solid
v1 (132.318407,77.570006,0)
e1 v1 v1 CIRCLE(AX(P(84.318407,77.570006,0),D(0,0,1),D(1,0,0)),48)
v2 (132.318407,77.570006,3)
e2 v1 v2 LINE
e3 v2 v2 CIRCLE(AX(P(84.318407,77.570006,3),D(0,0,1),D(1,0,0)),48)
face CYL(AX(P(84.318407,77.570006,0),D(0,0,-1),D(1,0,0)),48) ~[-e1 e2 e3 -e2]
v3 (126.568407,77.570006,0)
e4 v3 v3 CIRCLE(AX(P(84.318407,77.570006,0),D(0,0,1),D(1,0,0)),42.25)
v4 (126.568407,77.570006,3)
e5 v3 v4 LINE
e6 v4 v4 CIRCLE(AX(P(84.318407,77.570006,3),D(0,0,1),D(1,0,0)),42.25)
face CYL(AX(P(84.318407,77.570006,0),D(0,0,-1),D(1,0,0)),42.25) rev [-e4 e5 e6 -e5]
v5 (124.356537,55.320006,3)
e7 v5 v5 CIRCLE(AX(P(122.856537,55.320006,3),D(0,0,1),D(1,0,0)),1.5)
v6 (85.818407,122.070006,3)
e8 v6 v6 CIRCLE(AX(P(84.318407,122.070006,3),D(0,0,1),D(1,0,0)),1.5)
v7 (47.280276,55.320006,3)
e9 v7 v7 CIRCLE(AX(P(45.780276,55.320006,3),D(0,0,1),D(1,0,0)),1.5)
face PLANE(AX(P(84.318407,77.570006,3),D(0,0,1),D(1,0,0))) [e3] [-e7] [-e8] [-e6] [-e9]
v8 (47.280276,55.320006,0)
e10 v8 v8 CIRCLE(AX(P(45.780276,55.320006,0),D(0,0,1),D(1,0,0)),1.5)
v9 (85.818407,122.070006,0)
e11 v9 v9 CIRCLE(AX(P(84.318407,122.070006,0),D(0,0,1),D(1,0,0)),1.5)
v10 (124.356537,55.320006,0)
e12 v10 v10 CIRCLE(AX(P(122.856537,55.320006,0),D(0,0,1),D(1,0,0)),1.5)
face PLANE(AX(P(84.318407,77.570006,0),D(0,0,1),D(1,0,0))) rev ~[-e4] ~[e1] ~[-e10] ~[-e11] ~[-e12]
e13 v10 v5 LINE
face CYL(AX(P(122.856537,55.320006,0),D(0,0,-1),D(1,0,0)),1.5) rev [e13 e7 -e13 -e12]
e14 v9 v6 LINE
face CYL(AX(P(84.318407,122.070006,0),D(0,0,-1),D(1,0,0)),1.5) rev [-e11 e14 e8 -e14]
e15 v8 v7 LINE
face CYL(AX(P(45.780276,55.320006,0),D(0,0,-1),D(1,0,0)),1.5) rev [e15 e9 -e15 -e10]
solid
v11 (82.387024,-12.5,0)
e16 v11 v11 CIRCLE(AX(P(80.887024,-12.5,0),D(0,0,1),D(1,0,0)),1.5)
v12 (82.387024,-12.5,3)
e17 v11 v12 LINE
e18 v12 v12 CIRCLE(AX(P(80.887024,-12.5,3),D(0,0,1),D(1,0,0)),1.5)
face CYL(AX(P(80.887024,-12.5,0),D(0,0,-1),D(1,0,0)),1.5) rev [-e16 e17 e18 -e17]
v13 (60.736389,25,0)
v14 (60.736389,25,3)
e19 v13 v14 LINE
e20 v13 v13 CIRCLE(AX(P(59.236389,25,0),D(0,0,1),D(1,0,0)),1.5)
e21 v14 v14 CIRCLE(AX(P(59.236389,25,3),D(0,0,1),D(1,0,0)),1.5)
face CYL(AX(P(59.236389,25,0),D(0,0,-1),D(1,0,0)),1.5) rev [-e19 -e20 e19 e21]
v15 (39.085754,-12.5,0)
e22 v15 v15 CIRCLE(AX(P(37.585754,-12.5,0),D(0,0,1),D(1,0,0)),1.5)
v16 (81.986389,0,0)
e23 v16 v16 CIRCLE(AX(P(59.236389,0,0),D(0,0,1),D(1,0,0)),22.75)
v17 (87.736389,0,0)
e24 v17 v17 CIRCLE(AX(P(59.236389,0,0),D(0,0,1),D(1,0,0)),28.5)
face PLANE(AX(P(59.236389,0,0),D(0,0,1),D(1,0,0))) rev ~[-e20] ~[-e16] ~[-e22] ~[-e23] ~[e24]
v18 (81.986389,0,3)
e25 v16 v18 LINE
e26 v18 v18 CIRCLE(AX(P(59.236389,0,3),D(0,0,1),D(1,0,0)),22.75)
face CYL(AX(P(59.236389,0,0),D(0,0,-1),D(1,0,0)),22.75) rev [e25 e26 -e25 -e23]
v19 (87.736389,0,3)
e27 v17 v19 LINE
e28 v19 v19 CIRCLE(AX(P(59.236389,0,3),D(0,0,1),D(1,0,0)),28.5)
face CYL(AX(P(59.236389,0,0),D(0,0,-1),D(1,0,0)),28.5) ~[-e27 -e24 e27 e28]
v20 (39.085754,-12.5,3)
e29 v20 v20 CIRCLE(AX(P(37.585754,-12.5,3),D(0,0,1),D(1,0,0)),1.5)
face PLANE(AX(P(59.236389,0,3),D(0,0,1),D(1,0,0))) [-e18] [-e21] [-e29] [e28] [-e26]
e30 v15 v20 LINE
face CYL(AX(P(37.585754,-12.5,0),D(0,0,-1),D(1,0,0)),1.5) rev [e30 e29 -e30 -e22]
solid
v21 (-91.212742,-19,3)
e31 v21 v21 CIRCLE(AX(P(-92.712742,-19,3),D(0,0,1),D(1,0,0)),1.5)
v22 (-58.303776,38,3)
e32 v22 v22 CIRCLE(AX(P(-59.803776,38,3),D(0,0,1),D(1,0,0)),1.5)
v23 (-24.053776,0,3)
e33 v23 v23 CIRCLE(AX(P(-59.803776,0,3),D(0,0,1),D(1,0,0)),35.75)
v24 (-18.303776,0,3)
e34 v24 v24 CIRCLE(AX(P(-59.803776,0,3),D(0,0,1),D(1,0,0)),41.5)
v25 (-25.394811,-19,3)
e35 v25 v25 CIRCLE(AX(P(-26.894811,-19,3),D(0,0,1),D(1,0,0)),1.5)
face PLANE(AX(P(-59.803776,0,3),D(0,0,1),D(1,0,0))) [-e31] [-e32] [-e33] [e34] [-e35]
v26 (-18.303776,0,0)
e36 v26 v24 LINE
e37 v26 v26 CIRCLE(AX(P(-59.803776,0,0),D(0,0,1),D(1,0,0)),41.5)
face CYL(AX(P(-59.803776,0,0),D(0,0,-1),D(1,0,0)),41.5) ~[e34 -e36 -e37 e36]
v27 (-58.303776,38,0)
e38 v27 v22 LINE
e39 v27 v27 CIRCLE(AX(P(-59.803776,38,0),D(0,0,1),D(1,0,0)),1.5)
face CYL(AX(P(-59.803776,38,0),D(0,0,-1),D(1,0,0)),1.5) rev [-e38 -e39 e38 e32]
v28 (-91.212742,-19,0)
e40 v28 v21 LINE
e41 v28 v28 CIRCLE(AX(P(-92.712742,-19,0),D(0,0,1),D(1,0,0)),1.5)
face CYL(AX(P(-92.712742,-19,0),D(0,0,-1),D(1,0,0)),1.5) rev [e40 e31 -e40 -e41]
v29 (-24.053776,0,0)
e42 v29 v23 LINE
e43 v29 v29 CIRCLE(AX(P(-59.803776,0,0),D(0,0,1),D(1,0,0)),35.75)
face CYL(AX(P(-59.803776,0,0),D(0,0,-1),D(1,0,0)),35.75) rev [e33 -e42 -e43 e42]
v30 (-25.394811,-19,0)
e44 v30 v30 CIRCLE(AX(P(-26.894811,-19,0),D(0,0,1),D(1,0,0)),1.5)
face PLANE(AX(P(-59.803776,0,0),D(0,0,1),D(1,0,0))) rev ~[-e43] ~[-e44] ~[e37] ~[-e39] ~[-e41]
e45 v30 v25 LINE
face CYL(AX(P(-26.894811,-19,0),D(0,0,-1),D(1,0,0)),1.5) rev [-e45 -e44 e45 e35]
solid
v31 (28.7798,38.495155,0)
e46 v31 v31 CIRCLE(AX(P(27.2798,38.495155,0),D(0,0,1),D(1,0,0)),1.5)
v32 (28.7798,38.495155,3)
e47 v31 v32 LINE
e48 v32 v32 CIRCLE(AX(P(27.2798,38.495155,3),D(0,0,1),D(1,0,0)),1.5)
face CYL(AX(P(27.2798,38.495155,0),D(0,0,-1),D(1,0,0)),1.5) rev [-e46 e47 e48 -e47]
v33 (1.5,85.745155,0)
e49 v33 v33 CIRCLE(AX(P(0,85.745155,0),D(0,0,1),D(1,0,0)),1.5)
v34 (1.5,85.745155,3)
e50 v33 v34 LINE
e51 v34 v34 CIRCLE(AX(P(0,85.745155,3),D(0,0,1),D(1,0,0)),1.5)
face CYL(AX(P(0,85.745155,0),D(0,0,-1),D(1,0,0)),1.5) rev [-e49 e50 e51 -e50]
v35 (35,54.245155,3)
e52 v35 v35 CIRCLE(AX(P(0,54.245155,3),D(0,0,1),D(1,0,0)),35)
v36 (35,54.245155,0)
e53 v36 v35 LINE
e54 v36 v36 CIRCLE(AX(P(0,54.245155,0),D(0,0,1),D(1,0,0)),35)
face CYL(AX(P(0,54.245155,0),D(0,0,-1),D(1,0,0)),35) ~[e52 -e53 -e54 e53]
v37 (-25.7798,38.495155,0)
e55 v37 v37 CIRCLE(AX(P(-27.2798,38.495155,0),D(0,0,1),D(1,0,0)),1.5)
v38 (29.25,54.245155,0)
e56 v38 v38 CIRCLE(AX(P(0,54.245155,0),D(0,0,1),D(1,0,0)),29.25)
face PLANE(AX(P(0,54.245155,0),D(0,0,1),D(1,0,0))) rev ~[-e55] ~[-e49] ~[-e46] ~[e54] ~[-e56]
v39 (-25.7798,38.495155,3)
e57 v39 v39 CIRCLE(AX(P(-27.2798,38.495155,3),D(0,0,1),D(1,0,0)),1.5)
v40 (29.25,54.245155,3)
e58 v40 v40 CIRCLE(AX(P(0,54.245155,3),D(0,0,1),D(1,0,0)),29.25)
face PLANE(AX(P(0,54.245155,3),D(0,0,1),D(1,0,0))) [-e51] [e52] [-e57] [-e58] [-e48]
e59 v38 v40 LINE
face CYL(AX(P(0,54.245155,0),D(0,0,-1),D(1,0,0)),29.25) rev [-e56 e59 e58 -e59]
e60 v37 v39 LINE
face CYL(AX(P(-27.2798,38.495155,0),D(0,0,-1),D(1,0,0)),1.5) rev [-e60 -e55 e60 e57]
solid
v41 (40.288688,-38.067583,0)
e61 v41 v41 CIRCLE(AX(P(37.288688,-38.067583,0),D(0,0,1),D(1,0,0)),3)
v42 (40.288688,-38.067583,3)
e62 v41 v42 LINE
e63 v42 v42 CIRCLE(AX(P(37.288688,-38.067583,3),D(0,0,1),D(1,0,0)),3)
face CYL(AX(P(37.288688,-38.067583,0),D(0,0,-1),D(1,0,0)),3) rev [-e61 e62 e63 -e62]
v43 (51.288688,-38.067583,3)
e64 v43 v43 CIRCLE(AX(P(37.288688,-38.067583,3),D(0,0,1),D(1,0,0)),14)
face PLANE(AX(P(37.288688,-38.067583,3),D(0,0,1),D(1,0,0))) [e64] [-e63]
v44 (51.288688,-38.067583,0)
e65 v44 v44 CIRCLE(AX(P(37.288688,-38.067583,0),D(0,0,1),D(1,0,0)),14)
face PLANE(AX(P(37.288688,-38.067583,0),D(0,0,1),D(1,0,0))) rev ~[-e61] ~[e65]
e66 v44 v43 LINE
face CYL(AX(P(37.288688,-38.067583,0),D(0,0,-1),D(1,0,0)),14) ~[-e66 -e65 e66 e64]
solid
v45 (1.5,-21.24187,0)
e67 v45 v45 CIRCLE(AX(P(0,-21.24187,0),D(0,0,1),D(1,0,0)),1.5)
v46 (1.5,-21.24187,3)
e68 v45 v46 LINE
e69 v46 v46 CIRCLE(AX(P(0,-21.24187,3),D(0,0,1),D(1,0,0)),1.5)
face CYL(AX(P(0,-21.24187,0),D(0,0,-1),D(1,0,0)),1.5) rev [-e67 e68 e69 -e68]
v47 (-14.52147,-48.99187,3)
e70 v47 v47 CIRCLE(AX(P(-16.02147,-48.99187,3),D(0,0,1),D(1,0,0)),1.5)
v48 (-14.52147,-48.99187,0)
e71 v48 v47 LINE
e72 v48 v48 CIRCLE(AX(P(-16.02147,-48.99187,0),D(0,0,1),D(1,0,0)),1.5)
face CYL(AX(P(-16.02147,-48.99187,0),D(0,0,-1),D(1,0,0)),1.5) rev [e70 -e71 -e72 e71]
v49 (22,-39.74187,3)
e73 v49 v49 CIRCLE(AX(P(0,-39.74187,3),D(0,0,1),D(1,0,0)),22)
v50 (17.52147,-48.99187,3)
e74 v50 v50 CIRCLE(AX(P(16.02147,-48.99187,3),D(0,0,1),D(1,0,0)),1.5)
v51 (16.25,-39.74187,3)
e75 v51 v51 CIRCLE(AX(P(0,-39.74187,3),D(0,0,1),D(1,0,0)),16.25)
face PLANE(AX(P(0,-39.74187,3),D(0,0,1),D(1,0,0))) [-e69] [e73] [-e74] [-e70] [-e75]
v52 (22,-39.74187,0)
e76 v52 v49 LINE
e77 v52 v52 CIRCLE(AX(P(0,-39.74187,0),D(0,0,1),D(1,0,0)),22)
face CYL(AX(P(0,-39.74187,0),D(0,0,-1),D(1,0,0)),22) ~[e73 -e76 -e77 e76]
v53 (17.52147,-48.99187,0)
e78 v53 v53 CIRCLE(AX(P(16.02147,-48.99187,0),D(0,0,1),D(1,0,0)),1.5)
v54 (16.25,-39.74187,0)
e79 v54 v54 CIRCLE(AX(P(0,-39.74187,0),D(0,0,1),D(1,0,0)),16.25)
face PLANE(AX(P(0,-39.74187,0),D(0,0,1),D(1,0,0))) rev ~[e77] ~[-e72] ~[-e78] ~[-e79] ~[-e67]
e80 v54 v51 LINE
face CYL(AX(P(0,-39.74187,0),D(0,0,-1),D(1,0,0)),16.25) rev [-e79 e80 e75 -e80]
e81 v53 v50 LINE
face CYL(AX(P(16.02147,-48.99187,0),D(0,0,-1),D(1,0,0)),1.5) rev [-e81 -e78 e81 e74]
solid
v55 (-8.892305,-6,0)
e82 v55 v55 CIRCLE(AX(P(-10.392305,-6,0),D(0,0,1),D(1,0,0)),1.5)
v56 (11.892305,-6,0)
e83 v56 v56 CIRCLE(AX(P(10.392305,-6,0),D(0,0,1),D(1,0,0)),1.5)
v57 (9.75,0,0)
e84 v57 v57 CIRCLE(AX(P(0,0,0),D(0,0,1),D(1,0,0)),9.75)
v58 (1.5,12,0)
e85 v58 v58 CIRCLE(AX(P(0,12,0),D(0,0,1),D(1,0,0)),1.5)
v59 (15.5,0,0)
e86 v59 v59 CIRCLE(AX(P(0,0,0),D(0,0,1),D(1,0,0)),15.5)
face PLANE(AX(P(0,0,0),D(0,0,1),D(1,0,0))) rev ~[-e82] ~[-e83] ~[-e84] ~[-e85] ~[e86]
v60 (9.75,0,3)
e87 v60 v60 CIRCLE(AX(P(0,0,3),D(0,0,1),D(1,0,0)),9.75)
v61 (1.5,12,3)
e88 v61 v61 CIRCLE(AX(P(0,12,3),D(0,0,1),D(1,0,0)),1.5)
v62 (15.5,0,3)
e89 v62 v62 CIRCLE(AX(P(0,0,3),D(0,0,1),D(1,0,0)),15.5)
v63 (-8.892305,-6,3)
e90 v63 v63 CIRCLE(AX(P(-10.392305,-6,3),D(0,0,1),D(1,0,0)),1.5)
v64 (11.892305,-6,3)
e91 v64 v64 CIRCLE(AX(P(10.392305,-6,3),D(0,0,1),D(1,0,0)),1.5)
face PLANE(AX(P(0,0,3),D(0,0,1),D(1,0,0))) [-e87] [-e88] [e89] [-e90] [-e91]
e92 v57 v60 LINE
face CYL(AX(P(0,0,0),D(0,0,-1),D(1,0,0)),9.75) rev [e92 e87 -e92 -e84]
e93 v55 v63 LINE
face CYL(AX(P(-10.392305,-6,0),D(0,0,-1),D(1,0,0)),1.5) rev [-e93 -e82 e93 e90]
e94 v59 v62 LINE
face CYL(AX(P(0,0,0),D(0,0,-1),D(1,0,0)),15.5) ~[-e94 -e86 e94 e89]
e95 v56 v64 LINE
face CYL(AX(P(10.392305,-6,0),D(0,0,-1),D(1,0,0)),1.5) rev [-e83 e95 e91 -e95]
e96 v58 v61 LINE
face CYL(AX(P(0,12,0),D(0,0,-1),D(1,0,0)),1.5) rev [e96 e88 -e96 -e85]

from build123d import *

# Parameters (mm, degrees)
F0_R     = 14
F0_R_2   = 3
F0_R_3   = 22
F0_R_4   = 1.5
F0_R_5   = 16.25
F0_R_6   = 41.5
F0_R_7   = 35.75
F0_R_8   = 15.5
F0_R_9   = 9.75
F0_R_10  = 28.5
F0_R_11  = 22.75
F0_R_12  = 35
F0_R_13  = 29.25
F0_R_14  = 48
F0_R_15  = 42.25
F1_DEPTH = 3


with BuildPart() as f1:
    # F0 (on Top) → F1 (new body)
    with BuildSketch(Plane.XY):
        with Locations((37.288688, -38.067583)):
            Circle(F0_R)
        with Locations((37.288688, -38.067583)):
            Circle(F0_R_2, mode=Mode.SUBTRACT)
        with Locations((0, -39.74187)):
            Circle(F0_R_3)
        with Locations((-16.02147, -48.99187)):
            Circle(F0_R_4, mode=Mode.SUBTRACT)
        with Locations((0, -39.74187)):
            Circle(F0_R_5, mode=Mode.SUBTRACT)
        with Locations((0, -21.24187)):
            Circle(F0_R_4, mode=Mode.SUBTRACT)
        with Locations((16.02147, -48.99187)):
            Circle(F0_R_4, mode=Mode.SUBTRACT)
        with Locations((-59.803776, 0)):
            Circle(F0_R_6)
        with Locations((-92.712742, -19)):
            Circle(F0_R_4, mode=Mode.SUBTRACT)
        with Locations((-26.894811, -19)):
            Circle(F0_R_4, mode=Mode.SUBTRACT)
        with Locations((-59.803776, 0)):
            Circle(F0_R_7, mode=Mode.SUBTRACT)
        with Locations((-59.803776, 38)):
            Circle(F0_R_4, mode=Mode.SUBTRACT)
        Circle(F0_R_8)
        with Locations((-10.392305, -6)):
            Circle(F0_R_4, mode=Mode.SUBTRACT)
        with Locations((10.392305, -6)):
            Circle(F0_R_4, mode=Mode.SUBTRACT)
        Circle(F0_R_9, mode=Mode.SUBTRACT)
        with Locations((0, 12)):
            Circle(F0_R_4, mode=Mode.SUBTRACT)
        with Locations((59.236389, 0)):
            Circle(F0_R_10)
        with Locations((37.585754, -12.5)):
            Circle(F0_R_4, mode=Mode.SUBTRACT)
        with Locations((59.236389, 0)):
            Circle(F0_R_11, mode=Mode.SUBTRACT)
        with Locations((59.236389, 25)):
            Circle(F0_R_4, mode=Mode.SUBTRACT)
        with Locations((80.887024, -12.5)):
            Circle(F0_R_4, mode=Mode.SUBTRACT)
        with Locations((0, 54.245155)):
            Circle(F0_R_12)
        with Locations((-27.2798, 38.495155)):
            Circle(F0_R_4, mode=Mode.SUBTRACT)
        with Locations((0, 54.245155)):
            Circle(F0_R_13, mode=Mode.SUBTRACT)
        with Locations((0, 85.745155)):
            Circle(F0_R_4, mode=Mode.SUBTRACT)
        with Locations((27.2798, 38.495155)):
            Circle(F0_R_4, mode=Mode.SUBTRACT)
        with Locations((84.318407, 77.570006)):
            Circle(F0_R_14)
        with Locations((45.780276, 55.320006)):
            Circle(F0_R_4, mode=Mode.SUBTRACT)
        with Locations((122.856537, 55.320006)):
            Circle(F0_R_4, mode=Mode.SUBTRACT)
        with Locations((84.318407, 77.570006)):
            Circle(F0_R_15, mode=Mode.SUBTRACT)
        with Locations((84.318407, 122.070006)):
            Circle(F0_R_4, mode=Mode.SUBTRACT)
    extrude(amount=F1_DEPTH)


solid = f1.part
